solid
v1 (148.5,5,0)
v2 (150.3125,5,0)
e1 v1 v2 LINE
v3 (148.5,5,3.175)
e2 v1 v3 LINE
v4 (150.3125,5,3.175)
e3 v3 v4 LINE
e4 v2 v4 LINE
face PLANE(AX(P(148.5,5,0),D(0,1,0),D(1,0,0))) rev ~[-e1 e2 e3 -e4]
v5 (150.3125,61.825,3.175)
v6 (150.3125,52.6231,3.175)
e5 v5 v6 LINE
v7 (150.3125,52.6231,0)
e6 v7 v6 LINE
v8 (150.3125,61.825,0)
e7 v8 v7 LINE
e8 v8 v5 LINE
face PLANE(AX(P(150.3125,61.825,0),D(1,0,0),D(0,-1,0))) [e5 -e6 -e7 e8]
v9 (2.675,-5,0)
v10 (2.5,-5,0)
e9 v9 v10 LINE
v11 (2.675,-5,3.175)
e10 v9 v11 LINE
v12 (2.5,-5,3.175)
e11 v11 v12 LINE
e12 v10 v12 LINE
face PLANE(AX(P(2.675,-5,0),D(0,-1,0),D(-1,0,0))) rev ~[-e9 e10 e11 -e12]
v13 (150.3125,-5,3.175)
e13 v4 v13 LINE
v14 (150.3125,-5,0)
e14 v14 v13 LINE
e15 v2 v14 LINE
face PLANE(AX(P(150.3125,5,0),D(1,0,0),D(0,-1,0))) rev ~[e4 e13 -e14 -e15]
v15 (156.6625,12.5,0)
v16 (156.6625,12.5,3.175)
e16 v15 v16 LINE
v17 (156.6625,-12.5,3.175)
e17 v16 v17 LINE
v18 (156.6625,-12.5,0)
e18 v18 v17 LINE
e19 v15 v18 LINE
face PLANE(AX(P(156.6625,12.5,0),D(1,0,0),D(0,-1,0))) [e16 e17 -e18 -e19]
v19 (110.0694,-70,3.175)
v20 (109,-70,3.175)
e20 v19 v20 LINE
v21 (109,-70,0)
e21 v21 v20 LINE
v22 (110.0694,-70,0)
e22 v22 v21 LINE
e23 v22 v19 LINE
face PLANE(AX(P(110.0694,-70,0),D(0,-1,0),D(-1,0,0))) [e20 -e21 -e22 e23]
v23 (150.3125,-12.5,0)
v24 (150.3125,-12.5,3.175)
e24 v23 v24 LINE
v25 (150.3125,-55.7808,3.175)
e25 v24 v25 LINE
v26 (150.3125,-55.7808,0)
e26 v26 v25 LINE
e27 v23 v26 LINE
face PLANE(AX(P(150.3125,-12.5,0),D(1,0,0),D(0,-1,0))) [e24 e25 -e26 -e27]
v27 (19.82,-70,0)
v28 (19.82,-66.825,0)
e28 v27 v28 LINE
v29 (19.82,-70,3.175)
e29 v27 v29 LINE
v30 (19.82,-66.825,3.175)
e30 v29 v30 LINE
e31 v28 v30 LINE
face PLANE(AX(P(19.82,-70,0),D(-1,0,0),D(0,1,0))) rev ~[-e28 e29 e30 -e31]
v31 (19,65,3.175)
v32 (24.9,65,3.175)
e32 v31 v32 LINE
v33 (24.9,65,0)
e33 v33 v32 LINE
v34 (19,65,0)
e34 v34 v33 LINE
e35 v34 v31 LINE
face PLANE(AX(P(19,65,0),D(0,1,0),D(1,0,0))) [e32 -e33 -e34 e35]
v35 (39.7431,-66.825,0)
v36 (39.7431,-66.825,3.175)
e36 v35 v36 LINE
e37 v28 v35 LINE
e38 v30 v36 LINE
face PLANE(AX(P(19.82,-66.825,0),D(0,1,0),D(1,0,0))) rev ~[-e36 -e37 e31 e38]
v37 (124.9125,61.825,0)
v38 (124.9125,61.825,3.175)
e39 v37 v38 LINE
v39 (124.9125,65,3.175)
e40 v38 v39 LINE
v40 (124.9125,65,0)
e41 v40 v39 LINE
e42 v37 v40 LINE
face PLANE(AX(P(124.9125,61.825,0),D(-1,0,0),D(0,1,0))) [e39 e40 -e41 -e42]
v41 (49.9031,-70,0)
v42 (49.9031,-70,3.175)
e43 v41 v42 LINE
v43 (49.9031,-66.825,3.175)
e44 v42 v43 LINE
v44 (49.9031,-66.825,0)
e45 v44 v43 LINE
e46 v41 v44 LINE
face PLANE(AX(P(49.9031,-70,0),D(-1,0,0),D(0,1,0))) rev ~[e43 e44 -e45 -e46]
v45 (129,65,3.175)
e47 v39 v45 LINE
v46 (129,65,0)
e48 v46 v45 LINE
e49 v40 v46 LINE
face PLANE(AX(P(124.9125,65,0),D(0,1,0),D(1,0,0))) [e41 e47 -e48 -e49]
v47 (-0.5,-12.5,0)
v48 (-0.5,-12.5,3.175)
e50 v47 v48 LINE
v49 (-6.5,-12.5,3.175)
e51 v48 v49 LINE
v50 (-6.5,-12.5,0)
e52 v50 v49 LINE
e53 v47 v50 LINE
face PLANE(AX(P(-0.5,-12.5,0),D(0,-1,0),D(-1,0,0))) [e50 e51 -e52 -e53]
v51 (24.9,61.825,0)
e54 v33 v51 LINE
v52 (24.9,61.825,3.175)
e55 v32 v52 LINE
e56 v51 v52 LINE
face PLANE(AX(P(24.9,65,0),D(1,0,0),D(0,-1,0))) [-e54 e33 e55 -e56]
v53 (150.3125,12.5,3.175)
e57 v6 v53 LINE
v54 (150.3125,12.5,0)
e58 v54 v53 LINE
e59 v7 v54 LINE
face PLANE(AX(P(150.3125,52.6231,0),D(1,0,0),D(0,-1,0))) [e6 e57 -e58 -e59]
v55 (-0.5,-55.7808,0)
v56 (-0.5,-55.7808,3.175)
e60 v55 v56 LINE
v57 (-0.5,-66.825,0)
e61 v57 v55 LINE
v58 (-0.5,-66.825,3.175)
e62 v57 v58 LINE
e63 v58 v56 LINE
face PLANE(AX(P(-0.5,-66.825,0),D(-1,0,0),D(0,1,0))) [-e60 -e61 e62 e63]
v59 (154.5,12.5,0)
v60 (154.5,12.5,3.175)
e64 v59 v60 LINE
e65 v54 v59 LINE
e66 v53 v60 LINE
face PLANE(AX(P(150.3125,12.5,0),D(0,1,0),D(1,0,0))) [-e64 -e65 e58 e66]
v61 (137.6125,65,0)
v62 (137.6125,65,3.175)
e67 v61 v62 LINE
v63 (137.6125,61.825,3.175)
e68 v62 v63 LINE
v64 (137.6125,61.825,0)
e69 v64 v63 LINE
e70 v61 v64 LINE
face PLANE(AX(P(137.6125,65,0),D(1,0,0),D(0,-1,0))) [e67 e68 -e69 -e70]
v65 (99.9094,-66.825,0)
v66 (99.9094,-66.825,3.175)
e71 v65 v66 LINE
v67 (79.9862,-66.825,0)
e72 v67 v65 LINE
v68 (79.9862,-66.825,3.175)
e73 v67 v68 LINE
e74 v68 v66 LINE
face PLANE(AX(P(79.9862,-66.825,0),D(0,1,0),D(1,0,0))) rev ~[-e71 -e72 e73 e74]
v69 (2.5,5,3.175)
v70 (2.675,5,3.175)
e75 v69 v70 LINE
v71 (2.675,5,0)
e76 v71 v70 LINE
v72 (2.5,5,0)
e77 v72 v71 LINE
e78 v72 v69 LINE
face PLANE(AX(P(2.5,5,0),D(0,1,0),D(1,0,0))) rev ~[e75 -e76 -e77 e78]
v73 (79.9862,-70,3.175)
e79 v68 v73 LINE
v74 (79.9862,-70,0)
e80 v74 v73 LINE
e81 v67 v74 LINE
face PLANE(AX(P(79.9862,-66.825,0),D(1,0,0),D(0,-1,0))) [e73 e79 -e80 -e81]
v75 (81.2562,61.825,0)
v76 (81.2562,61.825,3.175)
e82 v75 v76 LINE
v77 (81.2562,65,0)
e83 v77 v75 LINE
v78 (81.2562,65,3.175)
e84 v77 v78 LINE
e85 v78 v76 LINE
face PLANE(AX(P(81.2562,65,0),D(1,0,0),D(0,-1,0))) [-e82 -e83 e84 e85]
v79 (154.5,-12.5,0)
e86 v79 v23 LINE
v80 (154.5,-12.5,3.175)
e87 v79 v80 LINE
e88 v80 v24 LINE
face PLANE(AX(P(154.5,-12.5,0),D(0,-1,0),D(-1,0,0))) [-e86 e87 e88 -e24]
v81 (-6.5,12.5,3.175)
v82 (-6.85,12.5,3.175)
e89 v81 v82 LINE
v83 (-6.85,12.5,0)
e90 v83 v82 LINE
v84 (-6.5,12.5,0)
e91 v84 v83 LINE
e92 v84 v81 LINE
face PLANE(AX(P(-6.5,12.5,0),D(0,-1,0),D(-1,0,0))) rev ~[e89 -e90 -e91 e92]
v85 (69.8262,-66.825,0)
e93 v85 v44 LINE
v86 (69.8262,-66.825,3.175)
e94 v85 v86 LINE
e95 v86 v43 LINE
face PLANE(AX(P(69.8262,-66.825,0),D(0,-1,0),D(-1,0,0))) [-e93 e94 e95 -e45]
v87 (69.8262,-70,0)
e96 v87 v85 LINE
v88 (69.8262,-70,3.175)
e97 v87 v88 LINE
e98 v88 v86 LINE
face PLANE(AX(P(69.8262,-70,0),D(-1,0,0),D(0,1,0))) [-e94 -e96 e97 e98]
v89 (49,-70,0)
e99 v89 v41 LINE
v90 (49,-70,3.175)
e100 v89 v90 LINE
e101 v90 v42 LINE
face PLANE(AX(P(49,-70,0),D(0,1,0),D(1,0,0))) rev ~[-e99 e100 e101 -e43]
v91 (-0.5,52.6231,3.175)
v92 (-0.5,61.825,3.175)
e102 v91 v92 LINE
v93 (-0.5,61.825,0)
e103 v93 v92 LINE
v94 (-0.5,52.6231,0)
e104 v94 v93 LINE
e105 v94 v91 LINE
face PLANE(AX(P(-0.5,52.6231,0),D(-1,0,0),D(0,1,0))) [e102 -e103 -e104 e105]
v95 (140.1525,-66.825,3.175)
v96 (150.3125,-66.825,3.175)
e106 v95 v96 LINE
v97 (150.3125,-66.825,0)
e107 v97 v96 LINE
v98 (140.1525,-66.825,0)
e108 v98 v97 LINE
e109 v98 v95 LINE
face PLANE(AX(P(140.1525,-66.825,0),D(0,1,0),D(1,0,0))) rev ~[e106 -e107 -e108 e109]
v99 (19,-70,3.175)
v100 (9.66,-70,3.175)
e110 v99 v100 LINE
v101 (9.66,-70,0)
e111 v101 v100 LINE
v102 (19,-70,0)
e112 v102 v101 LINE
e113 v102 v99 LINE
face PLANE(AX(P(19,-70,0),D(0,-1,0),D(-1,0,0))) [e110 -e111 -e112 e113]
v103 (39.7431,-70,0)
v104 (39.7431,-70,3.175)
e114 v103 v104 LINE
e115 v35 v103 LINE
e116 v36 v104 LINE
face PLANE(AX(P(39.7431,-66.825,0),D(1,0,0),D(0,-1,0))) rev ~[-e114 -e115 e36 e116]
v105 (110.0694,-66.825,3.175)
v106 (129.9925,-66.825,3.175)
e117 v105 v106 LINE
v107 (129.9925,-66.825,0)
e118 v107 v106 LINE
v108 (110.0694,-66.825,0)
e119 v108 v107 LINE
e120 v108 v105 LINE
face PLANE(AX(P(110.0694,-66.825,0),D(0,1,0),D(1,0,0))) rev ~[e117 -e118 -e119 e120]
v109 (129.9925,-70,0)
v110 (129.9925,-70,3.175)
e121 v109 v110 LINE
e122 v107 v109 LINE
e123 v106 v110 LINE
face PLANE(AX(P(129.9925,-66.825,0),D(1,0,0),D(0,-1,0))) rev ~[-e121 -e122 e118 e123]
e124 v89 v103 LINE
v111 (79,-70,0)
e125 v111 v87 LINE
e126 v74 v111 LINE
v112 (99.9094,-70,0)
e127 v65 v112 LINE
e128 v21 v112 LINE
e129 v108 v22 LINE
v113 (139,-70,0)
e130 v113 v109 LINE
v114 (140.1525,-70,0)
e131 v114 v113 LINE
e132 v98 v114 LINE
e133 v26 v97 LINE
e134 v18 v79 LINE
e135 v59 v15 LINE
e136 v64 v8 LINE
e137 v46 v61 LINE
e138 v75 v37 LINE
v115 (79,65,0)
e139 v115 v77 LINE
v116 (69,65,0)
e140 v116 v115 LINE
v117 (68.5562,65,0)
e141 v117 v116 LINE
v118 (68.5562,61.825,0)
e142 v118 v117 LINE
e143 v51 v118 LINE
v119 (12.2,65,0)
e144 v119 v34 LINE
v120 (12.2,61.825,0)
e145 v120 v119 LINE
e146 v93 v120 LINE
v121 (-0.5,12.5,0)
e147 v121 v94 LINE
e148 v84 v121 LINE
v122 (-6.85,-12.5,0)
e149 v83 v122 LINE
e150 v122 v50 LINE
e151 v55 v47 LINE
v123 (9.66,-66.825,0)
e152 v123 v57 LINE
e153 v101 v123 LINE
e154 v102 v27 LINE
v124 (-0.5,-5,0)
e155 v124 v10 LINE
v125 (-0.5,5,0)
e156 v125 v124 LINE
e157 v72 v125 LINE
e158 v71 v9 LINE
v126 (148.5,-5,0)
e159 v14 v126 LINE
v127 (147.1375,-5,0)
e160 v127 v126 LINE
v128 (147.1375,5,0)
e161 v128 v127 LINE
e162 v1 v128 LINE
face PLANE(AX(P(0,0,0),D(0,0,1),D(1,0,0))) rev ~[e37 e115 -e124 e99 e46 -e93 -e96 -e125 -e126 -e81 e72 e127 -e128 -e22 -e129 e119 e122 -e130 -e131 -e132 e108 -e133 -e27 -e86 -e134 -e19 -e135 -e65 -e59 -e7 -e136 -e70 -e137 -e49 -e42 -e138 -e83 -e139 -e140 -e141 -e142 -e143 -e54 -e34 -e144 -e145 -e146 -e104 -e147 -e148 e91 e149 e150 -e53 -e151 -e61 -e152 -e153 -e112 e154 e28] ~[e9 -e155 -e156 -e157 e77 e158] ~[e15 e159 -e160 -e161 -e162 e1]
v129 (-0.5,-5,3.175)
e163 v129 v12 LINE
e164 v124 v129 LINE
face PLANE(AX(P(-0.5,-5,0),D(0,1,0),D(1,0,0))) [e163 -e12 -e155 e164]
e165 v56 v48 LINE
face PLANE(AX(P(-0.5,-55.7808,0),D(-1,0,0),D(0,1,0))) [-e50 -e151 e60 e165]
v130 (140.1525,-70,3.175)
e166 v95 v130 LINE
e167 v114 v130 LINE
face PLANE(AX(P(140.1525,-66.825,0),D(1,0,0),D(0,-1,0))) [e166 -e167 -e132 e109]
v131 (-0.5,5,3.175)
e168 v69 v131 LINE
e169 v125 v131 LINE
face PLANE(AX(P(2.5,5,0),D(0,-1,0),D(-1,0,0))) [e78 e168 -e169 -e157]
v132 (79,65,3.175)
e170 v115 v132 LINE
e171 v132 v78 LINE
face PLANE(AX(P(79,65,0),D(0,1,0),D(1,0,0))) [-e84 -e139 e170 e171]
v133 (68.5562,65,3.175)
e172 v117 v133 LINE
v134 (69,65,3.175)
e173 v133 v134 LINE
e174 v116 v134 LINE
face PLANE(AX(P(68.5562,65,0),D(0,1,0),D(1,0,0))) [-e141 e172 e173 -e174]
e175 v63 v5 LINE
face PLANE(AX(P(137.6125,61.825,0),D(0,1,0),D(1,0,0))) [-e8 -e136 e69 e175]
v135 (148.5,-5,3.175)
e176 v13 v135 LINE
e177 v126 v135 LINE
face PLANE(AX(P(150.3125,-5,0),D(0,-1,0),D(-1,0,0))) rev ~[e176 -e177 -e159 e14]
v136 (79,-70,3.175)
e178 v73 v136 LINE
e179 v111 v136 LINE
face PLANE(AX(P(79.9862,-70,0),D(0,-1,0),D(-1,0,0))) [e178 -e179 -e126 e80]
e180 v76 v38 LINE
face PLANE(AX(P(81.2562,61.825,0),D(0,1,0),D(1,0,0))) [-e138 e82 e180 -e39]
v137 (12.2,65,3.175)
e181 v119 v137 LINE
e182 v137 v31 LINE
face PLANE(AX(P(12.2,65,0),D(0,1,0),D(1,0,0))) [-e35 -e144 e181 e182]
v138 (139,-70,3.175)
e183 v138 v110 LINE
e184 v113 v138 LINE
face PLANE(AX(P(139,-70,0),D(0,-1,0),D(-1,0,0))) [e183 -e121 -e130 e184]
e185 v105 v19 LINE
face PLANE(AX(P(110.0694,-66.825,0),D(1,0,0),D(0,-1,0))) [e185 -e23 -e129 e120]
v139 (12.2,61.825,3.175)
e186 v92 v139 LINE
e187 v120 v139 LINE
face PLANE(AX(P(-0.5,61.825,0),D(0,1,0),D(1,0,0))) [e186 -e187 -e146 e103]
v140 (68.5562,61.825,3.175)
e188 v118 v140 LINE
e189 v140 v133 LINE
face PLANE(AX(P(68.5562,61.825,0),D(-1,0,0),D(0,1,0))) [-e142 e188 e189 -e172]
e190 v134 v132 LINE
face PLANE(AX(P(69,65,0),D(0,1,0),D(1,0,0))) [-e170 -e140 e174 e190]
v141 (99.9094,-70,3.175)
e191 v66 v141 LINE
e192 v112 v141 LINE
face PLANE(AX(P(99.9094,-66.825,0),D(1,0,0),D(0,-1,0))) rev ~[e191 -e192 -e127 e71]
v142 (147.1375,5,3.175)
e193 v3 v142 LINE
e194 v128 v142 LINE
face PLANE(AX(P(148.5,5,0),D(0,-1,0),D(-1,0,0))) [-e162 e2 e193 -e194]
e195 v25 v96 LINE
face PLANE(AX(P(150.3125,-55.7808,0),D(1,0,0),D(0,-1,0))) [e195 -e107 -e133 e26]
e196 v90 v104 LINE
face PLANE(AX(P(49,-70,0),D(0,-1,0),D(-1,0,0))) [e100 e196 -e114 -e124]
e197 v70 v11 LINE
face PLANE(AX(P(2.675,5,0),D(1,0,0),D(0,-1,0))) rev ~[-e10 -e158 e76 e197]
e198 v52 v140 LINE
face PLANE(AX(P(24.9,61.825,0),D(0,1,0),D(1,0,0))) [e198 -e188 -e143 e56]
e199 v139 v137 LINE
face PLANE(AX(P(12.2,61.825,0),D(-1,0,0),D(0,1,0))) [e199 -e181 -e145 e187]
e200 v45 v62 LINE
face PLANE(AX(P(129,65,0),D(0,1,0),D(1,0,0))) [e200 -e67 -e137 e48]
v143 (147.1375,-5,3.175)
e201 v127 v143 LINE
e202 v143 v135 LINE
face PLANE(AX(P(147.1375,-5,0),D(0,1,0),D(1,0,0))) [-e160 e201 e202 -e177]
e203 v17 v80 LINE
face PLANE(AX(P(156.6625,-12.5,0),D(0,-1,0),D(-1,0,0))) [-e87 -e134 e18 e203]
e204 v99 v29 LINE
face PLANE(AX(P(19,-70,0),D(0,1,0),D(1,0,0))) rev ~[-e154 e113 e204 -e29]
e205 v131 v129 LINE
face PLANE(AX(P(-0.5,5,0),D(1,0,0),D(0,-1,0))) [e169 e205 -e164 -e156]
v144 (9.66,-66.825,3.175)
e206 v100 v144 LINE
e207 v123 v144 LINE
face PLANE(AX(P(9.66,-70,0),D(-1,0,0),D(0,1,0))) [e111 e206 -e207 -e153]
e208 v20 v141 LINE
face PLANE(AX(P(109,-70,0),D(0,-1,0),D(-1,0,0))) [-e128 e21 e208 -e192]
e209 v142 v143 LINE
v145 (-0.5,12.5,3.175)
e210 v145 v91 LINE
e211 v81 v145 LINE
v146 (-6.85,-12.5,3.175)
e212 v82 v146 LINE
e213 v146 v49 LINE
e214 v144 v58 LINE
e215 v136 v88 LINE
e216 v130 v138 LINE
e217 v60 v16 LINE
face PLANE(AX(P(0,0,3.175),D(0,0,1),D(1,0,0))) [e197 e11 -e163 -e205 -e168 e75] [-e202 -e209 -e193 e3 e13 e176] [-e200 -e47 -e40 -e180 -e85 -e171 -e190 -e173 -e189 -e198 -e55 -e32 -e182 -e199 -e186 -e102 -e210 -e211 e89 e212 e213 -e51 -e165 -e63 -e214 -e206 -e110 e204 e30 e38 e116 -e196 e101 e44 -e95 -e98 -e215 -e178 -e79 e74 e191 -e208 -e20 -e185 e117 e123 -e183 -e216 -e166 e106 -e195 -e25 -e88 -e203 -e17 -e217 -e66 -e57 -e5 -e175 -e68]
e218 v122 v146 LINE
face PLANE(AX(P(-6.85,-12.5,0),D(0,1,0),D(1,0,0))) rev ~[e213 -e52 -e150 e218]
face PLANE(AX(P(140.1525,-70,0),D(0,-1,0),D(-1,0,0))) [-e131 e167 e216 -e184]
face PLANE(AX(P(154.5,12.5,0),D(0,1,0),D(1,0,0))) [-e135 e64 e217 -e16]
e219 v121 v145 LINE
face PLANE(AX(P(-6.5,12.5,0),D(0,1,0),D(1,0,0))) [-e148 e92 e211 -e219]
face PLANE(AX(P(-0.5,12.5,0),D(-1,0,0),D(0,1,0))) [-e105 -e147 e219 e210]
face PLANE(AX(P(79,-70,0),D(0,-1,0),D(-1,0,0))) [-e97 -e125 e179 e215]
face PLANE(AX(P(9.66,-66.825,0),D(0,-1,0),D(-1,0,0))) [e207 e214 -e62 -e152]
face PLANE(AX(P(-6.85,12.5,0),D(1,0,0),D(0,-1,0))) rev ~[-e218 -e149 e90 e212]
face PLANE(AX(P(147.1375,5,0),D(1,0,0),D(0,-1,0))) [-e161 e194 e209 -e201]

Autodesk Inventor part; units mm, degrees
ref_plane "YZ Plane" through (0, 0, 0) normal (1, 0, 0) x (0, 1, 0)
ref_plane "XZ Plane" through (0, 0, 0) normal (0, 1, 0) x (-1, 0, 0)
ref_plane "XY Plane" through (0, 0, 0) normal (0, 0, 1) x (1, 0, 0)
sketch "Sketch1" plane through (0, 0, 0) normal (0, 0, 1) x (1, 0, 0)
  line L0 (-0.5, -5) -> (2.5, -5)
  line L1 (2.5, 5) -> (-0.5, 5)
  line L2 (-0.5, 5) -> (-0.5, -5)
  line L3 (-0.5, 12.5) -> (-0.5, 61.825)
  line L4 (19, 65) -> (24.9, 65)
  line L5 (69, 65) -> (79, 65)
  line L6 (124.9125, 65) -> (129, 65)
  line L7 (150.3125, 12.5) -> (154.5, 12.5)
  line L8 (154.5, -12.5) -> (150.3125, -12.5)
  line L9 (139, -70) -> (129.9925, -70)
  line L10 (109, -70) -> (99.9094, -70)
  line L11 (79, -70) -> (69.8262, -70)
  line L12 (49, -70) -> (39.7431, -70)
  line L13 (19, -70) -> (9.66, -70)
  line L14 (-0.5, -66.825) -> (-0.5, -12.5)
  line L15 (-0.5, -12.5) -> (-6.5, -12.5)
  line L16 (-6.5, 12.5) -> (-0.5, 12.5)
  line L17 (-0.5, -5) -> (2.5, -5)
  line L18 (2.5, 5) -> (-0.5, 5)
  line L19 (-0.5, 5) -> (-0.5, -5)
  line L20 (-0.5, 12.5) -> (-0.5, 61.825)
  line L21 (19, 65) -> (24.9, 65)
  line L22 (69, 65) -> (79, 65)
  line L23 (124.9125, 65) -> (129, 65)
  line L24 (150.3125, 12.5) -> (154.5, 12.5)
  line L25 (154.5, -12.5) -> (150.3125, -12.5)
  line L26 (139, -70) -> (129.9925, -70)
  line L27 (109, -70) -> (99.9094, -70)
  line L28 (79, -70) -> (69.8262, -70)
  line L29 (49, -70) -> (39.7431, -70)
  line L30 (19, -70) -> (9.66, -70)
  line L31 (-0.5, -66.825) -> (-0.5, -12.5)
  line L32 (-0.5, -12.5) -> (-6.5, -12.5)
  line L33 (-6.5, 12.5) -> (-0.5, 12.5)
  line L34 (150.3125, 12.5) -> (156.6625, 12.5)
  line L35 (156.6625, 12.5) -> (156.6625, -12.5)
  line L36 (156.6625, -12.5) -> (150.3125, -12.5)
  line L37 (-0.5, 12.5) -> (-6.85, 12.5)
  line L38 (-6.85, 12.5) -> (-6.85, -12.5)
  line L39 (-6.85, -12.5) -> (-0.5, -12.5)
  line L40 (-0.5, -5) -> (-0.5, 5)
  line L41 (-0.5, 5) -> (2.675, 5)
  line L42 (2.675, 5) -> (2.675, -5)
  line L43 (2.675, -5) -> (-0.5, -5)
  line L44 (-0.5, -5) -> (-0.5, 5)
  line L45 (-0.5, 12.5) -> (-0.5, 61.825)
  line L46 (-0.5, -66.825) -> (-0.5, -12.5)
  line L47 (-0.5, -5) -> (-0.5, 5)
  line L48 (150.3125, 61.825) -> (150.3125, 12.5)
  line L49 (150.3125, -12.5) -> (150.3125, -66.825)
  line L50 (148.5, 5) -> (150.3125, 5)
  line L51 (150.3125, 5) -> (150.3125, -5)
  line L52 (150.3125, -5) -> (148.5, -5)
  line L53 (150.3125, 5) -> (147.1375, 5)
  line L54 (147.1375, 5) -> (147.1375, -5)
  line L55 (147.1375, -5) -> (150.3125, -5)
  line L56 (150.3125, -5) -> (150.3125, 5)
  line L57 (150.3125, 61.825) -> (150.3125, 52.6231)
  line L58 (-0.5, 52.6231) -> (-0.5, 61.825)
  line L59 (150.3125, -66.825) -> (150.3125, -55.7808)
  line L60 (-0.5, -55.7808) -> (-0.5, -66.825)
  line L61 (-0.5, 61.825) -> (12.2, 61.825)
  line L62 (12.2, 61.825) -> (12.2, 65)
  line L63 (12.2, 65) -> (24.9, 65)
  line L64 (24.9, 65) -> (24.9, 61.825)
  line L65 (24.9, 61.825) -> (68.5562, 61.825)
  line L66 (68.5562, 61.825) -> (68.5562, 65)
  line L67 (68.5562, 65) -> (81.2562, 65)
  line L68 (81.2562, 65) -> (81.2562, 61.825)
  line L69 (81.2562, 61.825) -> (124.9125, 61.825)
  line L70 (124.9125, 61.825) -> (124.9125, 65)
  line L71 (124.9125, 65) -> (137.6125, 65)
  line L72 (137.6125, 65) -> (137.6125, 61.825)
  line L73 (137.6125, 61.825) -> (150.3125, 61.825)
  line L74 (124.9125, 65) -> (137.6125, 65)
  line L75 (12.2, 65) -> (24.9, 65)
  line L76 (68.5562, 65) -> (81.2562, 65)
  line L77 (9.66, -70) -> (9.66, -66.825)
  line L78 (9.66, -66.825) -> (-0.5, -66.825)
  line L79 (9.66, -70) -> (19.82, -70)
  line L80 (19.82, -70) -> (19.82, -66.825)
  line L81 (9.66, -66.825) -> (9.66, -70)
  line L82 (19.82, -66.825) -> (39.7431, -66.825)
  line L83 (39.7431, -66.825) -> (39.7431, -70)
  line L84 (19.82, -70) -> (19.82, -66.825)
  line L85 (39.7431, -70) -> (49.9031, -70)
  line L86 (49.9031, -70) -> (49.9031, -66.825)
  line L87 (39.7431, -66.825) -> (39.7431, -70)
  line L88 (69.8262, -70) -> (69.8262, -66.825)
  line L89 (69.8262, -66.825) -> (49.9031, -66.825)
  line L90 (49.9031, -66.825) -> (49.9031, -70)
  line L91 (79.9862, -66.825) -> (79.9862, -70)
  line L92 (79.9862, -70) -> (69.8262, -70)
  line L93 (69.8262, -70) -> (69.8262, -66.825)
  line L94 (79.9862, -66.825) -> (99.9094, -66.825)
  line L95 (99.9094, -66.825) -> (99.9094, -70)
  line L96 (79.9862, -70) -> (79.9862, -66.825)
  line L97 (110.0694, -66.825) -> (110.0694, -70)
  line L98 (110.0694, -70) -> (99.9094, -70)
  line L99 (99.9094, -70) -> (99.9094, -66.825)
  line L100 (110.0694, -66.825) -> (129.9925, -66.825)
  line L101 (129.9925, -66.825) -> (129.9925, -70)
  line L102 (110.0694, -70) -> (110.0694, -66.825)
  line L103 (140.1525, -66.825) -> (140.1525, -70)
  line L104 (140.1525, -70) -> (129.9925, -70)
  line L105 (129.9925, -70) -> (129.9925, -66.825)
  line L106 (140.1525, -66.825) -> (150.3125, -66.825)
  line L107 (140.1525, -70) -> (140.1525, -66.825)
  line L108 (9.66, -66.825) -> (-0.5, -66.825)
  line L109 (-0.5, 61.825) -> (12.2, 61.825)
  line L110 (24.9, 61.825) -> (68.5562, 61.825)
  line L111 (81.2562, 61.825) -> (124.9125, 61.825)
  line L112 (137.6125, 61.825) -> (150.3125, 61.825)
  line L113 (9.66, -70) -> (19.82, -70)
  line L114 (9.66, -70) -> (19.82, -70)
  line L115 (39.7431, -70) -> (49.9031, -70)
  line L116 (39.7431, -70) -> (49.9031, -70)
  line L117 (69.8262, -66.825) -> (49.9031, -66.825)
  line L118 (69.8262, -70) -> (79.9862, -70)
  line L119 (69.8262, -70) -> (79.9862, -70)
  line L120 (99.9094, -66.825) -> (79.9862, -66.825)
  line L121 (99.9094, -70) -> (110.0694, -70)
  line L122 (129.9925, -70) -> (140.1525, -70)
  line L123 (99.9094, -70) -> (110.0694, -70)
  line L124 (129.9925, -70) -> (140.1525, -70)
  line L125 (150.3125, -66.825) -> (140.1525, -66.825)
  line L126 (129.9925, -66.825) -> (110.0694, -66.825)
  line L127 (140.1525, -66.825) -> (150.3125, -66.825)
  dimension "d1" = 6.35
  dimension "d2" = 6.35
  dimension "d3" = 3.175
  dimension "d4" = 3.175
  dimension "d6" = 12.7
  dimension "d7" = 12.7
  dimension "d8" = 43.6562
  dimension "d9" = 12.7
  dimension "d10" = 43.6562
  dimension "d11" = 12.7
  dimension "d12" = 12.7
  dimension "d14" = 10.16
  dimension "d15" = 10.16
  dimension "d16" = 19.9231
  dimension "d18" = 19.9231
  dimension "d19" = 10.16
  dimension "d20" = 19.9231
  dimension "d21" = 10.16
  dimension "d22" = 19.9231
  dimension "d23" = 10.16
  dimension "d25" = 10.16
extrude "Extrusion1" add sketch "Sketch1" along normal blind 3.175
properties part number "1-8inch_Middle_2-Parts"
